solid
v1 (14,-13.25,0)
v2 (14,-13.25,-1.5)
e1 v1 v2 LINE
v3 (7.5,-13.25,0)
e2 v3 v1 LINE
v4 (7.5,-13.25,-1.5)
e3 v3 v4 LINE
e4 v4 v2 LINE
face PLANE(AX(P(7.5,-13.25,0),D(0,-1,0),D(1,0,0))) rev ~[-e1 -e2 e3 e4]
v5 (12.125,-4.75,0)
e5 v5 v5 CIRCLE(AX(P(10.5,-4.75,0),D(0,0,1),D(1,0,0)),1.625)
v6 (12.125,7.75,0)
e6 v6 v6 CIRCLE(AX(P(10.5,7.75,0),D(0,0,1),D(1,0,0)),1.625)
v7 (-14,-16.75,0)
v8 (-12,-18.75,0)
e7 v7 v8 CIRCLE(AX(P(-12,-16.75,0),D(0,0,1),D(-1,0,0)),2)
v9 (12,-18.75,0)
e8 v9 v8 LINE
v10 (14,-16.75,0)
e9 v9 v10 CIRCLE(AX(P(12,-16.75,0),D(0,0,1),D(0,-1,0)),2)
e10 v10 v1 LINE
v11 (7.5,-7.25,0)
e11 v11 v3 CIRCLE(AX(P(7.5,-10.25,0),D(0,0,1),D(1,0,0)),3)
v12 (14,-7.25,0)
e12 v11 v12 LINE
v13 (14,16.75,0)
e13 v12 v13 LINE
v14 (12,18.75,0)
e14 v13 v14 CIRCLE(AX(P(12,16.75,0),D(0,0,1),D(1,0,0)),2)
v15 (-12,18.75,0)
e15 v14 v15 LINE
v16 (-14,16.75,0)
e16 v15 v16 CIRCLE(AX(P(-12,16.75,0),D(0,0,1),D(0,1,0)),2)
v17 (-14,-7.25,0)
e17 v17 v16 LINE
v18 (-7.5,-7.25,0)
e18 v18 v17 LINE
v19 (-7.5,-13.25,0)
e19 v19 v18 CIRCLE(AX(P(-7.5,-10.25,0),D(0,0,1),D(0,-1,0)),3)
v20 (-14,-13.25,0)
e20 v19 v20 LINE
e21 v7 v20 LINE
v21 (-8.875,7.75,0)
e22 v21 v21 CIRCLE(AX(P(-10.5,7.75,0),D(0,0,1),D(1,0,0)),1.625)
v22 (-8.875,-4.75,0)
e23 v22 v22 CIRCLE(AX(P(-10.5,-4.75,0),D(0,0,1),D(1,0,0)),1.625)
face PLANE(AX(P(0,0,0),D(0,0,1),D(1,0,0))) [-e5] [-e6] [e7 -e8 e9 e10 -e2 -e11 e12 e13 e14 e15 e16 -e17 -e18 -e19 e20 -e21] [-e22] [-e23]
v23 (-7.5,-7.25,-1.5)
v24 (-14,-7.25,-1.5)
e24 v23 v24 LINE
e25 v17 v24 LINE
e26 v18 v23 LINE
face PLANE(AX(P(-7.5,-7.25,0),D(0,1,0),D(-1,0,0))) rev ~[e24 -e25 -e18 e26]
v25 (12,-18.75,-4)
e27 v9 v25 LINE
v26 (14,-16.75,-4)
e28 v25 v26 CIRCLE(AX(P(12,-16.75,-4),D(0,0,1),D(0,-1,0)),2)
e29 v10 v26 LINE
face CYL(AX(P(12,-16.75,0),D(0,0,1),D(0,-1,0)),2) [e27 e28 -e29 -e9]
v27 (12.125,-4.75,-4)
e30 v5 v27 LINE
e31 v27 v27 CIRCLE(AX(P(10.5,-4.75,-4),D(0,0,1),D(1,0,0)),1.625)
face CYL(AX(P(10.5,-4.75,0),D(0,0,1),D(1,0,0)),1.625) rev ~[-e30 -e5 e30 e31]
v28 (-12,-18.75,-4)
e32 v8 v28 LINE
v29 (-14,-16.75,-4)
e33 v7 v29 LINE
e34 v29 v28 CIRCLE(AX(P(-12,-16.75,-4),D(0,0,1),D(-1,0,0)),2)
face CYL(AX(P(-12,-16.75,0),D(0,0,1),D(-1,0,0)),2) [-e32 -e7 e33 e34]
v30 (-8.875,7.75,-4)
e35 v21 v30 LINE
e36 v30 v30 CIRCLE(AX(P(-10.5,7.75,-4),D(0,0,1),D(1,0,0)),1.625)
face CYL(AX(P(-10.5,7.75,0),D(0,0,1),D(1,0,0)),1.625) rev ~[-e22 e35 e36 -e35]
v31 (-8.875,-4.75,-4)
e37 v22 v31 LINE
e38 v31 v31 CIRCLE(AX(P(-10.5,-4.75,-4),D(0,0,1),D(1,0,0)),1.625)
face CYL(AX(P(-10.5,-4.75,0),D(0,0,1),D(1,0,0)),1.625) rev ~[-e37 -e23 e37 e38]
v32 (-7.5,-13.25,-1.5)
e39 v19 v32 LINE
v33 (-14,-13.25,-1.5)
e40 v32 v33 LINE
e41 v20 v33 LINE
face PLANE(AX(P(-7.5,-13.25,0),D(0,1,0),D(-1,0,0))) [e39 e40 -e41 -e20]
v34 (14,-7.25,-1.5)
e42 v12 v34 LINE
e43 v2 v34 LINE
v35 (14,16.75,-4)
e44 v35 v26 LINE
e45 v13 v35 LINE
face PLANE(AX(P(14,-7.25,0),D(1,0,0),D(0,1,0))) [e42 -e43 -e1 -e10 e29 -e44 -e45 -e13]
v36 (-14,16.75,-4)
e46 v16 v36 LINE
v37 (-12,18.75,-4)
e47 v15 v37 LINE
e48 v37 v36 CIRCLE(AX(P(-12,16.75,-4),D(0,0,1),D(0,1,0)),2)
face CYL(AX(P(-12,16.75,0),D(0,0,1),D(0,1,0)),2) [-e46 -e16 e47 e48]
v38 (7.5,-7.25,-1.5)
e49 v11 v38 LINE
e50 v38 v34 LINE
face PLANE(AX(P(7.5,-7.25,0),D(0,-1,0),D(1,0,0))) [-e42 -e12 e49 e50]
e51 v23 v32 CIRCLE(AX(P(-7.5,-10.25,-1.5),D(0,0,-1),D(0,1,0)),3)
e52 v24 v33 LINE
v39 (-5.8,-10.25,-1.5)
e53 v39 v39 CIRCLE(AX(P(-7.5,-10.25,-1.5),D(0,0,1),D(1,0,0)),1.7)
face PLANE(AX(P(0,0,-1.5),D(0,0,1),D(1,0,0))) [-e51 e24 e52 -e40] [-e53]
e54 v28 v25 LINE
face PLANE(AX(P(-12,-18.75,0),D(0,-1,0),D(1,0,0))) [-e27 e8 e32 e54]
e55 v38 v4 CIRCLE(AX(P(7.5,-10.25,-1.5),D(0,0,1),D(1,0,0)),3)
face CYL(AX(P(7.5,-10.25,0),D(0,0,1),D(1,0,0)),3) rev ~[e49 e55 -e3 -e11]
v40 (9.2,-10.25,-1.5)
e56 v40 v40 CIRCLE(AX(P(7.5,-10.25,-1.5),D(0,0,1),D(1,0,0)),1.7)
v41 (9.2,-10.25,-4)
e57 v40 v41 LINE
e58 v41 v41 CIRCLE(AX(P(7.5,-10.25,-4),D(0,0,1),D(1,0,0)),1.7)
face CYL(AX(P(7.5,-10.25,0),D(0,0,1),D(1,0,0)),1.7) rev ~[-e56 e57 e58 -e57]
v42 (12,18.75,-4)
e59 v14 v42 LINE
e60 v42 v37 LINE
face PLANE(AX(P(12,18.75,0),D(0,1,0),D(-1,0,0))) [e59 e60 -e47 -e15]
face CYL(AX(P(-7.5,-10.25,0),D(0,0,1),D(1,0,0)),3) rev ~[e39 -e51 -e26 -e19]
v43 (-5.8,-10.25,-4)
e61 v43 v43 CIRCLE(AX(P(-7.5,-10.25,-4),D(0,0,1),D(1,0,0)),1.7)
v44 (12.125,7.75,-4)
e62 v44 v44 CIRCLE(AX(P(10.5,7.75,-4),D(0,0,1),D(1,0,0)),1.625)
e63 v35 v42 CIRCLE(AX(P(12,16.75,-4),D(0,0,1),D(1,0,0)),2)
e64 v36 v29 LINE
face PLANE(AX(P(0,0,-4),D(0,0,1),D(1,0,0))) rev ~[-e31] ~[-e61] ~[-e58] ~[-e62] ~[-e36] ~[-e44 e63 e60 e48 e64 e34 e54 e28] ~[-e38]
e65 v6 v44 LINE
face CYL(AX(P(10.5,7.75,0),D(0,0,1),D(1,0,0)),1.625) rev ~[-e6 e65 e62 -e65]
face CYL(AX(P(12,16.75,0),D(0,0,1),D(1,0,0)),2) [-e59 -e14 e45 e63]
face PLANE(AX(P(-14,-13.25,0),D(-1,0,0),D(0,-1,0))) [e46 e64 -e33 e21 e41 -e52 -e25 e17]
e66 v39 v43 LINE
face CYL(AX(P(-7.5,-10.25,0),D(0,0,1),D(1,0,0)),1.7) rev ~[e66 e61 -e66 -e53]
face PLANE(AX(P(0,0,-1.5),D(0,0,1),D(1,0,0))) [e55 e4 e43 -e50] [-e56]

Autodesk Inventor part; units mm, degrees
ref_plane "YZ Plane" through (0, 0, 0) normal (1, 0, 0) x (0, 1, 0)
ref_plane "XZ Plane" through (0, 0, 0) normal (0, 1, 0) x (-1, 0, 0)
ref_plane "XY Plane" through (0, 0, 0) normal (0, 0, 1) x (1, 0, 0)
sketch "Skizze1" plane through (0, 0, 0) normal (0, 0, 1) x (1, 0, 0)
  line L0 (-14, -18.75) -> (14, -18.75)
  line L1 (14, -18.75) -> (14, 18.75)
  line L2 (14, 18.75) -> (-14, 18.75)
  line L3 (-14, 18.75) -> (-14, -18.75)
  line L4 (-14, -18.75) -> (14, 18.75) construction
  line L5 (14, -18.75) -> (-14, 18.75) construction
  circle A0 centre (-10.5, 7.75) radius 1.625
  circle A1 centre (-10.5, -4.75) radius 1.625
  circle A2 centre (10.5, -4.75) radius 1.625
  circle A3 centre (10.5, 7.75) radius 1.625
  line L6 (0, 18.75) -> (0, -18.75) construction
  line L7 (-14, -10.25) -> (14, -10.25) construction
  circle A4 centre (-7.5, -10.25) radius 1.7
  circle A5 centre (7.5, -10.25) radius 1.7
  circle A6 centre (-7.5, -10.25) radius 3
  circle A7 centre (7.5, -10.25) radius 3
  arc A8 (-12, 18.75) -> (-14, 16.75) centre (-12, 16.75) ccw
  arc A9 (14, 16.75) -> (12, 18.75) centre (12, 16.75) ccw
  line L8 (-7.5, -7.25) -> (-14, -7.25)
  line L9 (-7.5, -13.25) -> (-14, -13.25)
  line L10 (-14, -13.25) -> (-14, -7.25)
  line L11 (7.5, -7.25) -> (14, -7.25)
  line L12 (7.5, -13.25) -> (14, -13.25)
  line L13 (14, -13.25) -> (14, -7.25)
  line L14 (-10, -18.75) -> (7, -18.75)
  arc A10 (-14, -16.75) -> (-12, -18.75) centre (-12, -16.75) ccw
  arc A11 (12, -18.75) -> (14, -16.75) centre (12, -16.75) ccw
  point P0 (0, 0)
  point P1 (12.5, -1.6583)
  point P2 (-12.5, -1.6583)
  point P3 (12.5, 1.6583)
  point P4 (-12.5, 1.6583)
  dimension "d0" = 28
  dimension "d1" = 37.5
  dimension "d2" = 3.25
  dimension "d3" = 21
  dimension "d4" = 12.5
  dimension "d6" = 3.4
  dimension "d7" = 15
  dimension "d8" = 6
  dimension "d9" = 2
  dimension "d20" = 11
  dimension "d21" = 29
  dimension "d22" = 8.5
extrude "Extrusion1" add sketch "Skizze1" against normal blind 4 contours A10 L3 L9 A6 L8 A8 L2 A9 L1 L11 A7 L12 A11 L0 | L3 L8 A6 L9 | A6 | L12 A7 L11 L1 | A7
extrude "Extrusion2" cut sketch "Skizze1" against normal blind 1.5 contours L3 L8 A6 L9 | A6 | L12 A7 L11 L1 | A7
properties part number "Camera-Base" material "ABS-Kunststoff"
